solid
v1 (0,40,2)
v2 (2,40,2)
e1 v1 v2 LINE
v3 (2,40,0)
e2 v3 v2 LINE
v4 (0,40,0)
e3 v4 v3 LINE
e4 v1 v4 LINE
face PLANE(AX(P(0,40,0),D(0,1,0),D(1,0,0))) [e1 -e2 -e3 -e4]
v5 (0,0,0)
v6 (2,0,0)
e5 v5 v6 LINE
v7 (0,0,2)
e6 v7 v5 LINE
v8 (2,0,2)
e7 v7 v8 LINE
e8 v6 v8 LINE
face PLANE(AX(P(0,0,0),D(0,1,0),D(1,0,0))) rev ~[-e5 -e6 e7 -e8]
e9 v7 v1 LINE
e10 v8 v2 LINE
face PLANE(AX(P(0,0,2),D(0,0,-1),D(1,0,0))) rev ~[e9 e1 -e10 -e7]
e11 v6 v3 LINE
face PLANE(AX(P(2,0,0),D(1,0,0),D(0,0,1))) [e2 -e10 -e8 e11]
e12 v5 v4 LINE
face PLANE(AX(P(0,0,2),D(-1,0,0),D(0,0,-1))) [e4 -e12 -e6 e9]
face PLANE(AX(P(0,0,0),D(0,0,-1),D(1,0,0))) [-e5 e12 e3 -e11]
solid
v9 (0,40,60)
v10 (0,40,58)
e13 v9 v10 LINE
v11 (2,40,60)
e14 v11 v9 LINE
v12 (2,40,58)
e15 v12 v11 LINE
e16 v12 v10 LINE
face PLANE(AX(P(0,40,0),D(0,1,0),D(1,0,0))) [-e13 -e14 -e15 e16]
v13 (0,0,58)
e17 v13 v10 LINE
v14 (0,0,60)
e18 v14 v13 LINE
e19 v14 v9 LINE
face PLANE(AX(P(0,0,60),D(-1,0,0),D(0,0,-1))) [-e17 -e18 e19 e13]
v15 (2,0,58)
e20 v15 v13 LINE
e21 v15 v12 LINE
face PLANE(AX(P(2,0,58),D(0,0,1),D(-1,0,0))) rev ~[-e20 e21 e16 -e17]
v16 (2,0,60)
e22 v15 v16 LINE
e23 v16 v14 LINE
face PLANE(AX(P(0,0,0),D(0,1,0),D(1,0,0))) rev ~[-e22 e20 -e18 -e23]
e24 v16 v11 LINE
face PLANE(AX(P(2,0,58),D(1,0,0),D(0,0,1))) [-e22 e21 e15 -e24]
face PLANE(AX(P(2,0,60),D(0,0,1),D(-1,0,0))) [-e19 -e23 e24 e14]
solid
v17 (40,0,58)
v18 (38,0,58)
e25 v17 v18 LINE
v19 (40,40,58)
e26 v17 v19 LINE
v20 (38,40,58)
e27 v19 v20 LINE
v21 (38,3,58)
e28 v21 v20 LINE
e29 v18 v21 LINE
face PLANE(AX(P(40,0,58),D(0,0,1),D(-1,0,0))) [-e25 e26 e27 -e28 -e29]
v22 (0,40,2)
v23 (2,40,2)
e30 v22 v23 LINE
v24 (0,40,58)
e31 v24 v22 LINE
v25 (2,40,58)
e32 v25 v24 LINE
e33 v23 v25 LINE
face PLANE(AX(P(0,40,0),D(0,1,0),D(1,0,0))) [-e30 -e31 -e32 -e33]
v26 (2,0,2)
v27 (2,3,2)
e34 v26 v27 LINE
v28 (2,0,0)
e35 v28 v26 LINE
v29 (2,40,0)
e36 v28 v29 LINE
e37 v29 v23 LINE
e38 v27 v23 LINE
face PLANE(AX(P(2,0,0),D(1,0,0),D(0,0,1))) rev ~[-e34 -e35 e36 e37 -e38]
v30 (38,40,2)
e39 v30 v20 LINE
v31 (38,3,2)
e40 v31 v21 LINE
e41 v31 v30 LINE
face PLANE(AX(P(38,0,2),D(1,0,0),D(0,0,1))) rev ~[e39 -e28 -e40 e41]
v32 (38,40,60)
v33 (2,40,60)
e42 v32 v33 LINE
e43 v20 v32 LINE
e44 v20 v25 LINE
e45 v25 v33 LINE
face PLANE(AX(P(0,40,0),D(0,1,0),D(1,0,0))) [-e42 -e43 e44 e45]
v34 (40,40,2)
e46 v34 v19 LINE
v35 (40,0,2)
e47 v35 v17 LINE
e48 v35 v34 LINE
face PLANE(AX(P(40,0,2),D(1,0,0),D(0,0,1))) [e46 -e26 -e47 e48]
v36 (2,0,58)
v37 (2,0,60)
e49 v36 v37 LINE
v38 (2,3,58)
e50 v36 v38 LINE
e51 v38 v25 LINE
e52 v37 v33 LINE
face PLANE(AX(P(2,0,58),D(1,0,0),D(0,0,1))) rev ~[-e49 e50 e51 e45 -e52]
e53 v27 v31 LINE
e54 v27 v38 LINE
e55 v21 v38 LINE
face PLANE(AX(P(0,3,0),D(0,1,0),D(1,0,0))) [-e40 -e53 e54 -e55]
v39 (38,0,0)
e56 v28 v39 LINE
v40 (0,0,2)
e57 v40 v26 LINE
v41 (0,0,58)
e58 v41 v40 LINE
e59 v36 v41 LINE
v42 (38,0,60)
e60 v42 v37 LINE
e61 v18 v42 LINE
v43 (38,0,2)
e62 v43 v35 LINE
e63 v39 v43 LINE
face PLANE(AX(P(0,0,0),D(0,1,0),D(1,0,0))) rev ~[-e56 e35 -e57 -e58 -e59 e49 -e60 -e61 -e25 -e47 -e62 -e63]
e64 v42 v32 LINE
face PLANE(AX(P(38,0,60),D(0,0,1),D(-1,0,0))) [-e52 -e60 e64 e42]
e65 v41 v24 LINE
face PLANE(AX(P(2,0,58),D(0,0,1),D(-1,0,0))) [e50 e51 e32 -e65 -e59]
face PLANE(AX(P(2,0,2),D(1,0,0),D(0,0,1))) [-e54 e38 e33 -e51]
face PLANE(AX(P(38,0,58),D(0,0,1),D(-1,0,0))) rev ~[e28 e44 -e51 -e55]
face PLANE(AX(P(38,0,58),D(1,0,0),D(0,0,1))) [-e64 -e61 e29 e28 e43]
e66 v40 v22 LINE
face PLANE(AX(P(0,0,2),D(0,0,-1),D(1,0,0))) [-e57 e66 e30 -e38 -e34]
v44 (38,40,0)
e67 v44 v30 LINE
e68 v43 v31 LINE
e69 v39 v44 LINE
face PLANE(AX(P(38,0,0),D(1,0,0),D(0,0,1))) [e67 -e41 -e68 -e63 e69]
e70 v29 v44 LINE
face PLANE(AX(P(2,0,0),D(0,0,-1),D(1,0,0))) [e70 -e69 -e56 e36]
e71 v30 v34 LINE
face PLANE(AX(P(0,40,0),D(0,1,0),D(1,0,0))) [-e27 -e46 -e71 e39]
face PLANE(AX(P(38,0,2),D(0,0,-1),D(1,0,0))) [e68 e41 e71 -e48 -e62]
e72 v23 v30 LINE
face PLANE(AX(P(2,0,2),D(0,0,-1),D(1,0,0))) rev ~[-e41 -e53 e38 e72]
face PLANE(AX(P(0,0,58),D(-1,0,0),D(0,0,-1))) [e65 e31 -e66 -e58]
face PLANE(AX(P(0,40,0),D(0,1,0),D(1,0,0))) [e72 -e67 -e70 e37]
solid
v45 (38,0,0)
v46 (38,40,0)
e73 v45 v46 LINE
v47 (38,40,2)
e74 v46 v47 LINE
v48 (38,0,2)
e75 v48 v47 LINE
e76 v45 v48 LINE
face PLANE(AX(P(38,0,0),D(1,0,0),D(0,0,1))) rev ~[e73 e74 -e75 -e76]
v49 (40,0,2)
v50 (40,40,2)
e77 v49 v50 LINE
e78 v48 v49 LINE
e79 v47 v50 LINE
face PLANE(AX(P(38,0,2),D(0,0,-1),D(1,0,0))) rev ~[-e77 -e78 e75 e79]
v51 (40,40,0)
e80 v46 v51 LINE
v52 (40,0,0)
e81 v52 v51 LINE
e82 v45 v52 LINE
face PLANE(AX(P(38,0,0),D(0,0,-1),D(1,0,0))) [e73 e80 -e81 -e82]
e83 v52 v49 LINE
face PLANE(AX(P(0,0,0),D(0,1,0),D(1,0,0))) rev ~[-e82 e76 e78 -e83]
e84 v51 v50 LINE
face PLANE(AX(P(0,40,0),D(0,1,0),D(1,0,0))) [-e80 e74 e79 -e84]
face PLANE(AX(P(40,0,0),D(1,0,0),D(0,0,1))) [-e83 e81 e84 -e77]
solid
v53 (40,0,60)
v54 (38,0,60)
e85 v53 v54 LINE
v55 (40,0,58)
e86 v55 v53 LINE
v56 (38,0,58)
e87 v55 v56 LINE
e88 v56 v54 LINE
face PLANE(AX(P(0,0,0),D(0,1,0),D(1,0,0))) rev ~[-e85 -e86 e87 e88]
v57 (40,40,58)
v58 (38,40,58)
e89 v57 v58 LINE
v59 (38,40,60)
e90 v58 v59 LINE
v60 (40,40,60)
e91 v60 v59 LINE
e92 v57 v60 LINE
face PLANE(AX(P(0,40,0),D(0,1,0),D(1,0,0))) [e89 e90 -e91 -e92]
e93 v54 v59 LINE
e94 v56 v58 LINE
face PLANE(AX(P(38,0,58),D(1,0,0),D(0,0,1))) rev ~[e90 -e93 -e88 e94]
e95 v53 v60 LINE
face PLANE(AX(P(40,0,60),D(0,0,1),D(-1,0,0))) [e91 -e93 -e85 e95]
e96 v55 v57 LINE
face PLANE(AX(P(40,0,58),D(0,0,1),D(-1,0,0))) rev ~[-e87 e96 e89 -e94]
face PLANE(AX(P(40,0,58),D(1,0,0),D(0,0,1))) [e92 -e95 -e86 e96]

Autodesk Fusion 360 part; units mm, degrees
sketch "Sketch1" plane through (0, 0, 0) normal (0, 1, 0) x (1, 0, 0)
  line L0 (0, 0) -> (40, 0)
  line L1 (40, 0) -> (40, -60)
  line L2 (40, -60) -> (0, -60)
  line L3 (0, -60) -> (0, 0)
  line L4 (0, 0) -> (2, 0)
  line L5 (2, 0) -> (2, -60)
  line L6 (2, -60) -> (0, -60)
  line L7 (0, -60) -> (0, 0)
  line L8 (40, 0) -> (38, 0)
  line L9 (38, 0) -> (38, -60)
  line L10 (38, -60) -> (40, -60)
  line L11 (40, -60) -> (40, 0)
  line L12 (40, 0) -> (0, 0)
  line L13 (0, 0) -> (0, -2)
  line L14 (0, -2) -> (40, -2)
  line L15 (40, -2) -> (40, 0)
  line L16 (0, -60) -> (40, -60)
  line L17 (40, -60) -> (40, -58)
  line L18 (40, -58) -> (0, -58)
  line L19 (0, -58) -> (0, -60)
  dimension "d1" = 2
  dimension "d2" = 2
  dimension "d3" = 2
  dimension "d4" = 2
extrude "Extrude1" add sketch "Sketch1" along normal blind 40 contours L0 L5 L9 L12 L14 makes body 1
extrude "Extrude2" add sketch "Sketch1" along normal blind 40 separate body contours L3 L5 L7 L14 L18 makes body 2
extrude "Extrude3" add sketch "Sketch1" along normal blind 40 separate body contours L1 L9 L11 L14 L18 makes body 3
extrude "Extrude4" add sketch "Sketch1" along normal blind 40 separate body contours L2 L5 L9 L16 L18 makes body 4
extrude "Extrude5" add sketch "Sketch1" along normal blind 3 contours L5 L9 L14 L18 bodies 1 2 3 4
extrude "Extrude6" add sketch "Sketch1" along normal blind 40 separate body contours L0 L3 L4 L5 L7 L12 L13 L14 makes body 5
extrude "Extrude7" add sketch "Sketch1" along normal blind 40 separate body contours L2 L3 L5 L6 L7 L16 L18 L19 makes body 6
extrude "Extrude8" add sketch "Sketch1" along normal blind 40 separate body contours L1 L2 L9 L10 L11 L16 L17 L18 makes body 7
extrude "Extrude9" add sketch "Sketch1" along normal blind 40 separate body contours L0 L1 L8 L9 L11 L12 L14 L15 makes body 8
